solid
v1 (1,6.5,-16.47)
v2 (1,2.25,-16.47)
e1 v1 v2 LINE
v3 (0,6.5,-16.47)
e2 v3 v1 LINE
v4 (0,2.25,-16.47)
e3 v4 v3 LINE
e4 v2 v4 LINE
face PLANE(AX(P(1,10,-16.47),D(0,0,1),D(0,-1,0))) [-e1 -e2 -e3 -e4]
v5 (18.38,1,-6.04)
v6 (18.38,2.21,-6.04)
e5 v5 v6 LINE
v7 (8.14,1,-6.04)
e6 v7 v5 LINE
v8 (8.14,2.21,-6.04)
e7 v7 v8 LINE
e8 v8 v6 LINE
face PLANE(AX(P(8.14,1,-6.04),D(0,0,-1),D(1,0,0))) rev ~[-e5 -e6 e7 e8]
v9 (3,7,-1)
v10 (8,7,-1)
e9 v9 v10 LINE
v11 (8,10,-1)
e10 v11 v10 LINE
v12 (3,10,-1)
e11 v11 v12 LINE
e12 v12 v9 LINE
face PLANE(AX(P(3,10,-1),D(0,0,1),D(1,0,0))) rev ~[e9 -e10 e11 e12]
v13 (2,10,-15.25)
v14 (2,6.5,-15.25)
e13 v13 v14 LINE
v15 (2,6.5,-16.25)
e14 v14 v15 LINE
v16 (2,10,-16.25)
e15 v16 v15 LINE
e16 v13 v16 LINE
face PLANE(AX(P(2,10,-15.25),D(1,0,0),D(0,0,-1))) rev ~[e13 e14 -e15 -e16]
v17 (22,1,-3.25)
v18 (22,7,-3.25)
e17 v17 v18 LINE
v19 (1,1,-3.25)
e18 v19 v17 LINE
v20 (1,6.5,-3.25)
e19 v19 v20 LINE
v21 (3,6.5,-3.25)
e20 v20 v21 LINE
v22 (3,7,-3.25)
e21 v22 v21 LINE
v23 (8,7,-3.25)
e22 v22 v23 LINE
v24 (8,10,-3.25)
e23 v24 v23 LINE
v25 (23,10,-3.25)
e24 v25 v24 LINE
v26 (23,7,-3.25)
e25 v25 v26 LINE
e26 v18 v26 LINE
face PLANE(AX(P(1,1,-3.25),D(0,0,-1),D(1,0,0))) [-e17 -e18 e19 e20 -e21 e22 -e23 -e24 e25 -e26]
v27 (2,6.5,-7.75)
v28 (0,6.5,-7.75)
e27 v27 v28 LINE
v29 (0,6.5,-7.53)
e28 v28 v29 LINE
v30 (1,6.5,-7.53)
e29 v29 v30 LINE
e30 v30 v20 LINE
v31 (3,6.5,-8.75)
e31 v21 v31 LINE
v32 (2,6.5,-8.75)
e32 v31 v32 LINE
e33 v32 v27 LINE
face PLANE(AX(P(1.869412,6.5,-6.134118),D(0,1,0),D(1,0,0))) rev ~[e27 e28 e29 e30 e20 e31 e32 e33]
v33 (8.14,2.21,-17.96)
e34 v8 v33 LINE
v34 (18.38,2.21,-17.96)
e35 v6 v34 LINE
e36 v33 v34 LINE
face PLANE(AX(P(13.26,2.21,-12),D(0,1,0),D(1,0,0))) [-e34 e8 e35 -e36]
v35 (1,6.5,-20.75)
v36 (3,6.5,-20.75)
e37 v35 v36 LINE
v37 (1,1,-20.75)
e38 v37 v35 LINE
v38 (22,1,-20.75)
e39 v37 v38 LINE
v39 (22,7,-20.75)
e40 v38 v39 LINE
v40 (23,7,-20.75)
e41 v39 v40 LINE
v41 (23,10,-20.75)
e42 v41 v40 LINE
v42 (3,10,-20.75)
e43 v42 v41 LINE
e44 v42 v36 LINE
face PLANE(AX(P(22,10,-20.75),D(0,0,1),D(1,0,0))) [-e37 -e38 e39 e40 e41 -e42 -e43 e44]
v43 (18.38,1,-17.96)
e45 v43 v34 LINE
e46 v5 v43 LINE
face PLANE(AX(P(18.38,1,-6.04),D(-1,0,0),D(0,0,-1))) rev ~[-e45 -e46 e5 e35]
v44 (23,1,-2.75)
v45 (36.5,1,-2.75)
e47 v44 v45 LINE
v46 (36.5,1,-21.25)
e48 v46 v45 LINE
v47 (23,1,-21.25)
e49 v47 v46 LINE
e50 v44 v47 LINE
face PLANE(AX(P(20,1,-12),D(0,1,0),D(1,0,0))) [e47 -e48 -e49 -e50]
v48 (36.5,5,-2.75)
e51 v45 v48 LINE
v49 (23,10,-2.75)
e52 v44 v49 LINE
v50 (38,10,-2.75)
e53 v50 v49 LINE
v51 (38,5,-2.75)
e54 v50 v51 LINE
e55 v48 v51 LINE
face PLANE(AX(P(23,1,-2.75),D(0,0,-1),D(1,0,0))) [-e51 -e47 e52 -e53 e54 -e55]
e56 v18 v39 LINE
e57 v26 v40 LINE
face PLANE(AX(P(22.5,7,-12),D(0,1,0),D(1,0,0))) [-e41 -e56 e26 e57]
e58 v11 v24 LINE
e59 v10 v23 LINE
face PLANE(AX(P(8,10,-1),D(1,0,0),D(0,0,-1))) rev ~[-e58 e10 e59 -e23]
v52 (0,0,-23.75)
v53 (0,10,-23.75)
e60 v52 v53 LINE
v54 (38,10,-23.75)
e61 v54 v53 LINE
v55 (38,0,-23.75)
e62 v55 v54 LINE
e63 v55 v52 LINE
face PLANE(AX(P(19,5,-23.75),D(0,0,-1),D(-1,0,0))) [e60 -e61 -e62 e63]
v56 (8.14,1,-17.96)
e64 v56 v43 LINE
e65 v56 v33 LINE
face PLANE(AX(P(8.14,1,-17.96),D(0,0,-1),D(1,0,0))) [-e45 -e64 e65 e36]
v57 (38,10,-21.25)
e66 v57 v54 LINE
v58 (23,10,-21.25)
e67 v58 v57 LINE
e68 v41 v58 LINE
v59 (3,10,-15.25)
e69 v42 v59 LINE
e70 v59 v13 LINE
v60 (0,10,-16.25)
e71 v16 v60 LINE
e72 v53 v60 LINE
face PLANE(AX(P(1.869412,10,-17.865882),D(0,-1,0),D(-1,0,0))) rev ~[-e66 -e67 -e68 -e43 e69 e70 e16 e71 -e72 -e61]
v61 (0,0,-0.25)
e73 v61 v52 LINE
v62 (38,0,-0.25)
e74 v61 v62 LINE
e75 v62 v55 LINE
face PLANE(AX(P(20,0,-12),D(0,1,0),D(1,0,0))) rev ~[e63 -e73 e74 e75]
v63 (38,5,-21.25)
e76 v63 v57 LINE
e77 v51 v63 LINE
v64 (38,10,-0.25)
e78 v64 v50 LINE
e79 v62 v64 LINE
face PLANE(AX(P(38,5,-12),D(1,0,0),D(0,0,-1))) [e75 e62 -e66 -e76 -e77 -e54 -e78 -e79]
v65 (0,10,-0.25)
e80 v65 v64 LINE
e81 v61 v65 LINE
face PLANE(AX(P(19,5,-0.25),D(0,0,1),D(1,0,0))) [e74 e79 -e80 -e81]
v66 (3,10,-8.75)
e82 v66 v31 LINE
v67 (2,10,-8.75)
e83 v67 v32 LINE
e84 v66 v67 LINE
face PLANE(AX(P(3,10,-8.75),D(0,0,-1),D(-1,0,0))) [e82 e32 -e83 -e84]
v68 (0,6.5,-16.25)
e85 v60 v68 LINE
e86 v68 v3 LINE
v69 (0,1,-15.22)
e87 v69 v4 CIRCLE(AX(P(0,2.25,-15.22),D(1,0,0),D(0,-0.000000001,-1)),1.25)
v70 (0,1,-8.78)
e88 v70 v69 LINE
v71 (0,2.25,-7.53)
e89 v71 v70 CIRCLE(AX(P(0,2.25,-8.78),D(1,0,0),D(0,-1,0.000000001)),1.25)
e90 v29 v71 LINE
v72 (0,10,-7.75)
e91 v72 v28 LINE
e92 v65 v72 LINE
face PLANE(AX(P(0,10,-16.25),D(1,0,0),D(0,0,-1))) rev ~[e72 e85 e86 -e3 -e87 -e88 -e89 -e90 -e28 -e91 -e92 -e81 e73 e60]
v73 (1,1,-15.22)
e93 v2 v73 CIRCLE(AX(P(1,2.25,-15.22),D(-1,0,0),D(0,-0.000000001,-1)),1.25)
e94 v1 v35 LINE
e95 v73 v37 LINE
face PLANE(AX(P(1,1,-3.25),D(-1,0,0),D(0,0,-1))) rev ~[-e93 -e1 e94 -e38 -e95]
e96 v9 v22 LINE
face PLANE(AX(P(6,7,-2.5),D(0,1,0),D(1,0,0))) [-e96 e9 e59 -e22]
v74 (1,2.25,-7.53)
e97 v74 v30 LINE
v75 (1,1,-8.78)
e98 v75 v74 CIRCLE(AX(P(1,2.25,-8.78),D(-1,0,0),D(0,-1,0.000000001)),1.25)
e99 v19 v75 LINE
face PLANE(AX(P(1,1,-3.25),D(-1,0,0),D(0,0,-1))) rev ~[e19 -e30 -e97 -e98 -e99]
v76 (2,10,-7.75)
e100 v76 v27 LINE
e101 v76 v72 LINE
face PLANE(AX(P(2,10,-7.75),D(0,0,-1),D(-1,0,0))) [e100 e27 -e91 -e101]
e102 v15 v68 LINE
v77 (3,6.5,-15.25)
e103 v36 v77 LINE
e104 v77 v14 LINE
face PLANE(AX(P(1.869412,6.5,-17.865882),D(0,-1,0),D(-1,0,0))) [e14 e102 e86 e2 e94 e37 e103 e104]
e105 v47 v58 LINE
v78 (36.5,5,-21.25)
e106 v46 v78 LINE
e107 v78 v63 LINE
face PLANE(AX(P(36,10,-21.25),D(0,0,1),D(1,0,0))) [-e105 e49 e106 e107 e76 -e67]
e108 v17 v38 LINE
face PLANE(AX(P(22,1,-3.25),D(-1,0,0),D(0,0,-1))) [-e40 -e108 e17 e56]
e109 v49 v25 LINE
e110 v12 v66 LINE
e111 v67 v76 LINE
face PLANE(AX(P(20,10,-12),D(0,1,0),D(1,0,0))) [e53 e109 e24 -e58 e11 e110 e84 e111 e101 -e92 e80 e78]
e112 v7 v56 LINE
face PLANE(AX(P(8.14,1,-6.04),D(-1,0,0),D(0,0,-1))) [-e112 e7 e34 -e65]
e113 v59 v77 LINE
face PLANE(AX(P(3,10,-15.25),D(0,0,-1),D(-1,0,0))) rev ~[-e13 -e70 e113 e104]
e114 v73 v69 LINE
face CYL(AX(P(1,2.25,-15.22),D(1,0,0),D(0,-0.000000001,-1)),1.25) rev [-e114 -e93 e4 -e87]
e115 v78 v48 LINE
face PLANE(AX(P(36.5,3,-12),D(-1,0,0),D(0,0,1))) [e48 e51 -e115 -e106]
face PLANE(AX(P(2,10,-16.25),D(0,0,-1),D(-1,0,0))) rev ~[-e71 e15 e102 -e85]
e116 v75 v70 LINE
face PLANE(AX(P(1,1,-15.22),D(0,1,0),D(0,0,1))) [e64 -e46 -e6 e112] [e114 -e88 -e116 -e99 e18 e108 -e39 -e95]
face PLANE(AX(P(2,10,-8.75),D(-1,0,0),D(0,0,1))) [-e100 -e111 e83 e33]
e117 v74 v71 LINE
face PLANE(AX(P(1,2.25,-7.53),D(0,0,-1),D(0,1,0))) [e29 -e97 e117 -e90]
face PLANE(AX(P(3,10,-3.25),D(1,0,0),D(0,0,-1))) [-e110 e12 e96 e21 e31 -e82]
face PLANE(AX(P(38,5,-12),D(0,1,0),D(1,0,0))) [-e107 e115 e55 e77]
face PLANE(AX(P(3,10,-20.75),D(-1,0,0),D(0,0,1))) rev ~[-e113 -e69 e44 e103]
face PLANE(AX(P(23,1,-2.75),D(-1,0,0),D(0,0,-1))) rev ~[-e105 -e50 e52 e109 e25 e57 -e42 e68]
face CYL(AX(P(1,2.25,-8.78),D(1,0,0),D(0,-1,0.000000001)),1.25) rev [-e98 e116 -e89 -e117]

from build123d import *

# Parameters (mm, degrees)
SKETCH1_W           = 40
SKETCH1_H           = 24
BOSS_EXTRUDE1_DEPTH = 1
SKETCH2_W           = 40
SKETCH2_H           = 24
SKETCH2_W_2         = 21
SKETCH2_H_2         = 17.5
SKETCH2_W_3         = 13
SKETCH2_H_3         = 18.5
BOSS_EXTRUDE3_DEPTH = 9
SKETCH3_W           = 1
SKETCH3_H           = 17.5
CUT_EXTRUDE2_DEPTH  = 3
SKETCH4_W           = 10.24
SKETCH4_H           = 11.92
BOSS_EXTRUDE4_DEPTH = 1.21
CUT_EXTRUDE3_DEPTH  = 2
SKETCH8_W           = 4
SKETCH8_H           = 18.5
CUT_EXTRUDE4_DEPTH  = 5
SKETCH11_W          = 24
SKETCH11_H          = 10
CUT_EXTRUDE5_DEPTH  = 2
SKETCH12_W          = 4
SKETCH12_H          = 3
CUT_EXTRUDE6_DEPTH  = 3
BOSS_EXTRUDE5_DEPTH = 3.5
SKETCH14_W          = 1
SKETCH14_H          = 2.25
CUT_EXTRUDE7_DEPTH  = 3
SKETCH15_W          = 38
SKETCH15_H          = 10
CUT_EXTRUDE8_DEPTH  = 0.25
SKETCH16_W          = 38
SKETCH16_H          = 10
CUT_EXTRUDE9_DEPTH  = 0.25
SKETCH17_W          = 18.5
SKETCH17_H          = 4
CUT_EXTRUDE10_DEPTH = 0.5


with BuildPart() as part:
    # Sketch1 → Boss-Extrude1 (new body)
    with BuildSketch(Plane(origin=(0, 0, 0), x_dir=(1, 0, 0), z_dir=(0, 1, 0))):
        with Locations((20, 12)):
            Rectangle(SKETCH1_W, SKETCH1_H)
    extrude(amount=BOSS_EXTRUDE1_DEPTH)

    # Sketch2 → Boss-Extrude3 (add)
    with BuildSketch(Plane(origin=(0, 1, 0), x_dir=(1, 0, 0), z_dir=(0, 1, 0))):
        with Locations((20, 12)):
            Rectangle(SKETCH2_W, SKETCH2_H)
        with Locations((11.5, 12)):
            Rectangle(SKETCH2_W_2, SKETCH2_H_2, mode=Mode.SUBTRACT)
        with Locations((29.5, 12)):
            Rectangle(SKETCH2_W_3, SKETCH2_H_3, mode=Mode.SUBTRACT)
    extrude(amount=BOSS_EXTRUDE3_DEPTH)

    # Sketch3 → Cut-Extrude2 (cut)
    with BuildSketch(Plane(origin=(0, 10, 0), x_dir=(1, 0, 0), z_dir=(0, 1, 0))):
        with Locations((22.5, 12)):
            Rectangle(SKETCH3_W, SKETCH3_H)
    extrude(amount=-CUT_EXTRUDE2_DEPTH, mode=Mode.SUBTRACT)

    # Sketch4 → Boss-Extrude4 (add)
    with BuildSketch(Plane(origin=(0, 1, 0), x_dir=(1, 0, 0), z_dir=(0, 1, 0))):
        with Locations((13.26, 12)):
            Rectangle(SKETCH4_W, SKETCH4_H)
    extrude(amount=BOSS_EXTRUDE4_DEPTH)

    # Sketch5 → Cut-Extrude3 (cut)
    with BuildSketch(Plane(origin=(1, 0, 0), x_dir=(0, 0, -1), z_dir=(1, 0, 0))):
        with BuildLine():
            Line((7.53, 2.25), (7.53, 2.96))
            Line((7.53, 2.96), (7.53, 10))
            Line((7.53, 10), (16.47, 10))
            Line((16.47, 10), (16.47, 2.96))
            Line((16.47, 2.96), (16.47, 2.25))
            ThreePointArc((16.47, 2.25), (16.103883476, 1.366116524), (15.22, 1))
            Line((15.22, 1), (8.78, 1))
            ThreePointArc((8.78, 1), (7.896116524, 1.366116524), (7.53, 2.25))
        make_face()
    extrude(amount=-CUT_EXTRUDE3_DEPTH, mode=Mode.SUBTRACT)

    # Sketch8 → Cut-Extrude4 (cut)
    with BuildSketch(Plane(origin=(0, 10, 0), x_dir=(1, 0, 0), z_dir=(0, 1, 0))):
        with Locations((38, 12)):
            Rectangle(SKETCH8_W, SKETCH8_H)
    extrude(amount=-CUT_EXTRUDE4_DEPTH, mode=Mode.SUBTRACT)

    # Sketch11 → Cut-Extrude5 (cut)
    with BuildSketch(Plane(origin=(40, 0, 0), x_dir=(0, 0, -1), z_dir=(1, 0, 0))):
        with Locations((12, 5)):
            Rectangle(SKETCH11_W, SKETCH11_H)
    extrude(amount=-CUT_EXTRUDE5_DEPTH, mode=Mode.SUBTRACT)

    # Sketch12 → Cut-Extrude6 (cut)
    with BuildSketch(Plane(origin=(0, 10, 0), x_dir=(1, 0, 0), z_dir=(0, 1, 0))):
        with Locations((6, 2.5)):
            Rectangle(SKETCH12_W, SKETCH12_H)
    extrude(amount=-CUT_EXTRUDE6_DEPTH, mode=Mode.SUBTRACT)

    # Sketch13 → Boss-Extrude5 (add)
    with BuildSketch(Plane(origin=(0, 10, 0), x_dir=(1, 0, 0), z_dir=(0, 1, 0))):
        Polygon((1, 16.47), (1, 20.75), (3, 20.75), (3, 15.25), (2, 15.25), (2, 16.25), (0, 16.25), (0, 16.47), align=None)
        Polygon((1, 3.25), (3, 3.25), (3, 8.75), (2, 8.75), (2, 7.75), (0, 7.75), (0, 7.53), (1, 7.53), align=None)
    extrude(amount=-BOSS_EXTRUDE5_DEPTH)

    # Sketch14 → Cut-Extrude7 (cut)
    with BuildSketch(Plane(origin=(0, 10, 0), x_dir=(1, 0, 0), z_dir=(0, 1, 0))):
        with Locations((3.5, 2.125)):
            Rectangle(SKETCH14_W, SKETCH14_H)
    extrude(amount=-CUT_EXTRUDE7_DEPTH, mode=Mode.SUBTRACT)

    # Sketch15 → Cut-Extrude8 (cut)
    with BuildSketch(Plane(origin=(0, 0, -24), x_dir=(-1, 0, 0), z_dir=(0, 0, -1))):
        with Locations((-19, 5)):
            Rectangle(SKETCH15_W, SKETCH15_H)
    extrude(amount=-CUT_EXTRUDE8_DEPTH, mode=Mode.SUBTRACT)

    # Sketch16 → Cut-Extrude9 (cut)
    with BuildSketch(Plane.XY):
        with Locations((19, 5)):
            Rectangle(SKETCH16_W, SKETCH16_H)
    extrude(amount=-CUT_EXTRUDE9_DEPTH, mode=Mode.SUBTRACT)

    # Sketch17 → Cut-Extrude10 (cut)
    with BuildSketch(Plane.ZY.offset(-36)):
        with Locations((-12, 3)):
            Rectangle(SKETCH17_W, SKETCH17_H)
    extrude(amount=-CUT_EXTRUDE10_DEPTH, mode=Mode.SUBTRACT)


solid = part.part
